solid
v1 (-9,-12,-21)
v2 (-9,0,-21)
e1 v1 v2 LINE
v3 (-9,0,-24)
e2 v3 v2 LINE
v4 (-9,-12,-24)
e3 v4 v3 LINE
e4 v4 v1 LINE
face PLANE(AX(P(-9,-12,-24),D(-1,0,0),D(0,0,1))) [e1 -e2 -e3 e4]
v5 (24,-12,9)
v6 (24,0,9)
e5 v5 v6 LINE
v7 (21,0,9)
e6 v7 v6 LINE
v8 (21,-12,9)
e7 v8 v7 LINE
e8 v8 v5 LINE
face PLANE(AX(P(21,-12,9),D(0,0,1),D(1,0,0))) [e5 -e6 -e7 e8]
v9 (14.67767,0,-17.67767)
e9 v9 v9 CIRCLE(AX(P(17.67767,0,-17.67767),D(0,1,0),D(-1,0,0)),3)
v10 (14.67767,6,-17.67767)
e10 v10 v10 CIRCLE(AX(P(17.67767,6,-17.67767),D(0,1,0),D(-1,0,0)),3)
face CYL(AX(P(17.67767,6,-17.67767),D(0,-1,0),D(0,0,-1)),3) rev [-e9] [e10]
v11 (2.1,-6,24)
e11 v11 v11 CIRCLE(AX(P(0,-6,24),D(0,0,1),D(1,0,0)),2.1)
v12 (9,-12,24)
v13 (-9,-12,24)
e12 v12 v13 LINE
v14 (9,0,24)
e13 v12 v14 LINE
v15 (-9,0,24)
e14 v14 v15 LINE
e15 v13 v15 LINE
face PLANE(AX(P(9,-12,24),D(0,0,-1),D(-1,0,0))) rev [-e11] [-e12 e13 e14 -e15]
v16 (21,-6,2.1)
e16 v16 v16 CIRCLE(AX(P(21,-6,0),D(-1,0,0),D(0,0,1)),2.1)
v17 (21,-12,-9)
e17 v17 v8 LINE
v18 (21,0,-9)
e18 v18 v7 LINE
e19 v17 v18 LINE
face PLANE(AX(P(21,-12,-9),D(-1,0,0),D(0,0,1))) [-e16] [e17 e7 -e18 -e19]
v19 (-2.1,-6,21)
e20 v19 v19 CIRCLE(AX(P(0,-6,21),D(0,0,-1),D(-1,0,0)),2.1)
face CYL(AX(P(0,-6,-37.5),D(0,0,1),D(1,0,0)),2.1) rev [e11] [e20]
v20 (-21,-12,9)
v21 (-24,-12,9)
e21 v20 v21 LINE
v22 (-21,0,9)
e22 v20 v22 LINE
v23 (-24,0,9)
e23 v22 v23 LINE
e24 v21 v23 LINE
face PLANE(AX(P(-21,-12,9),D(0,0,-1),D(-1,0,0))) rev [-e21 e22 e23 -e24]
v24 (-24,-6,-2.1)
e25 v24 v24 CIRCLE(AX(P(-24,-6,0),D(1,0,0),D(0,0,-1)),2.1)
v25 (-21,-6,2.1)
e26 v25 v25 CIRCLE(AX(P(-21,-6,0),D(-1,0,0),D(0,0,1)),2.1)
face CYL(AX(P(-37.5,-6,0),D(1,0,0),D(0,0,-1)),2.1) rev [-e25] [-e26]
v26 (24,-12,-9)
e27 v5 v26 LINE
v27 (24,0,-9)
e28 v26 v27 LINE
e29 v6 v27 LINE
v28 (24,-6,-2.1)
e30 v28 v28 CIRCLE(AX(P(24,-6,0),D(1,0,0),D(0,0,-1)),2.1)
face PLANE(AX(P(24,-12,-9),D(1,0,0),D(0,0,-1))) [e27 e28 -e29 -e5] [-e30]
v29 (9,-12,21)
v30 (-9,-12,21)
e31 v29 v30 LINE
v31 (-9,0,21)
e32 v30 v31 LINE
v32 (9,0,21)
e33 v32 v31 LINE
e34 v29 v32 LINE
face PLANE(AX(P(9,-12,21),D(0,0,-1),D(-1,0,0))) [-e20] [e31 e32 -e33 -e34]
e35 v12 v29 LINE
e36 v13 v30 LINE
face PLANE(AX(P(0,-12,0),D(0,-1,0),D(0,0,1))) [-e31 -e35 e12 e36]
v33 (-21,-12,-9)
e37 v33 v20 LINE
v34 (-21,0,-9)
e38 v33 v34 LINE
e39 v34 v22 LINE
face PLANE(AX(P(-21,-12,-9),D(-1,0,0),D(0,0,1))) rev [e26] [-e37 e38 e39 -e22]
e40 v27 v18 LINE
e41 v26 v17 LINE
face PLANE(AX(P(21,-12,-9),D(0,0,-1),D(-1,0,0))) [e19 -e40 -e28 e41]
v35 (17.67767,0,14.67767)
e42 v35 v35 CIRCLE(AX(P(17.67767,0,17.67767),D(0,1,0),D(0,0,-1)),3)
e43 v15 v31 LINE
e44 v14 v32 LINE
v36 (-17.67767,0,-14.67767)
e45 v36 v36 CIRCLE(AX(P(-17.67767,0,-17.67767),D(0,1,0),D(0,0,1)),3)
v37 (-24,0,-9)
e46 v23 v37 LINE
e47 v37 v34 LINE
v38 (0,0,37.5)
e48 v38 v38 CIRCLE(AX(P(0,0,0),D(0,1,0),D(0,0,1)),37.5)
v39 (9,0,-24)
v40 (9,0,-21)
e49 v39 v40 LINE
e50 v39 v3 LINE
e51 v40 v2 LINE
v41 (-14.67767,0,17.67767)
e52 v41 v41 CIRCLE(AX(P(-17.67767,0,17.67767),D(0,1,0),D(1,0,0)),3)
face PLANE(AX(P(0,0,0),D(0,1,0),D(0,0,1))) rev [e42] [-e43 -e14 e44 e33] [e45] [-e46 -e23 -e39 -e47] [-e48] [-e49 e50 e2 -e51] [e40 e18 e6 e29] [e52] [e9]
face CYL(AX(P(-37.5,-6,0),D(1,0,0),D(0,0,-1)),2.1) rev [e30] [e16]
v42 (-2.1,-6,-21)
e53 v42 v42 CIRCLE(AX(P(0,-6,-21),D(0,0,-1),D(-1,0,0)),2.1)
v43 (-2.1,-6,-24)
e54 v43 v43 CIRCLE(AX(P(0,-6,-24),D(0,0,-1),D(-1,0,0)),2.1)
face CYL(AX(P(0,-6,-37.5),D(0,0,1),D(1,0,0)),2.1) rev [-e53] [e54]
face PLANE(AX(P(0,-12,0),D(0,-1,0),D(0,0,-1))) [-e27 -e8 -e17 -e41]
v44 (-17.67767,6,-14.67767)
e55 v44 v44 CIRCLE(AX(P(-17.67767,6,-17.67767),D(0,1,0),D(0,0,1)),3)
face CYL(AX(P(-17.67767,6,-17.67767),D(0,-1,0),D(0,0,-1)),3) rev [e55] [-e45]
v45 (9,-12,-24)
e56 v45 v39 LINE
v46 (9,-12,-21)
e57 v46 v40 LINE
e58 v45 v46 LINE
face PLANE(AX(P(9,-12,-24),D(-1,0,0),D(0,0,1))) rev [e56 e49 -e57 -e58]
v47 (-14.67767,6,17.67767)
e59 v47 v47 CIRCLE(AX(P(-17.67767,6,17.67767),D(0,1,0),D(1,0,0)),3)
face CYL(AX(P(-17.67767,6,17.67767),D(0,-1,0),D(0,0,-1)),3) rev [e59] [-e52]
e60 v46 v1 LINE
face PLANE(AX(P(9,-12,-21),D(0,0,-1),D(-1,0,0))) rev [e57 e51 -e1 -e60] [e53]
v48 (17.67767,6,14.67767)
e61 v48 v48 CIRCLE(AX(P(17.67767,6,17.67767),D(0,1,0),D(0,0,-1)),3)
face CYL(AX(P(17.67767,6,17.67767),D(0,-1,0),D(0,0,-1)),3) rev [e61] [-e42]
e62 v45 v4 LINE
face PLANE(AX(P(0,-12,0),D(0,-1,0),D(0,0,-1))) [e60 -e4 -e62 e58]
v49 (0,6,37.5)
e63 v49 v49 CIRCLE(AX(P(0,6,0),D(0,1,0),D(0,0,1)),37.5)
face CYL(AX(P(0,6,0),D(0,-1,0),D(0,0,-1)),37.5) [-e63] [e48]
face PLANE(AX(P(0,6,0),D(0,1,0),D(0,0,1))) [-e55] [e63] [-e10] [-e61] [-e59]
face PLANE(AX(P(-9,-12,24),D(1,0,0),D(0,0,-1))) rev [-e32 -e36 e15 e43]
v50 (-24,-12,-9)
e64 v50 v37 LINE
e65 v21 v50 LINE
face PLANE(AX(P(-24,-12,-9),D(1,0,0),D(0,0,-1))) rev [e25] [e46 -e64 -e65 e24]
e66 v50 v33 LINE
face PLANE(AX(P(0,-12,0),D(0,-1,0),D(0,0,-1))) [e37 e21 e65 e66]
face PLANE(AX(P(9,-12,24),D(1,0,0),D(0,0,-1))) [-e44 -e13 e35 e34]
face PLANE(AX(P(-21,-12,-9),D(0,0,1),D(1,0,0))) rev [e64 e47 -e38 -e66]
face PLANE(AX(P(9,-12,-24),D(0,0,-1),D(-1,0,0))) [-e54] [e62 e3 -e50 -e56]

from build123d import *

# Parameters (mm, degrees)
SKETCH_1_R               = 37.5
EXTRUDE_1_DEPTH          = 6
SKETCH_4_R               = 3
CUT_EXTRUDE_2_DEPTH      = 54.371340624
PATTERN_CIRCULAR_1_COUNT = 4
SKETCH_5_W               = 18
SKETCH_5_H               = 3
EXTRUDE_2_DEPTH          = 12
SKETCH_5_3_W             = 18
SKETCH_5_3_H             = 3
SKETCH_5_3_W_2           = 3
SKETCH_5_3_H_2           = 18
EXTRUDE_3_DEPTH          = 12
SKETCH_6_R               = 2.1
CUT_EXTRUDE_3_DEPTH      = 74.023968668
SKETCH_7_R               = 2.1
CUT_EXTRUDE_4_DEPTH      = 74.023968668


with BuildPart() as part:
    # 草图1 → 凸台-拉伸1 (new body)
    with BuildSketch(Plane(origin=(0, 0, 0), x_dir=(1, 0, 0), z_dir=(0, 1, 0))):
        Circle(SKETCH_1_R)
    extrude(amount=EXTRUDE_1_DEPTH)

    # 草图4 → 切除-拉伸2 (cut, through all)
    with BuildSketch(Plane(origin=(0, 0, 0), x_dir=(1, 0, 0), z_dir=(0, 1, 0))):
        with Locations((-17.67766953, 17.67766953)):
            Circle(SKETCH_4_R)
    cut_extrude_2 = extrude(amount=CUT_EXTRUDE_2_DEPTH, mode=Mode.SUBTRACT)

    # 阵列(圆周)1: 切除-拉伸2 ×4 about axis
    pattern_circular_1_axis = Axis((0, 0, 0), (0, -1, 0))
    for i in range(1, PATTERN_CIRCULAR_1_COUNT):
        add(cut_extrude_2.rotate(pattern_circular_1_axis, i * 360 / PATTERN_CIRCULAR_1_COUNT), mode=Mode.SUBTRACT)

    # 草图5 → 凸台-拉伸2 (add)
    with BuildSketch(Plane(origin=(0, 0, 0), x_dir=(-1, 0, 0), z_dir=(0, -1, 0))):
        with Locations((0, 22.5)):
            Rectangle(SKETCH_5_W, SKETCH_5_H)
    extrude_2 = extrude(amount=EXTRUDE_2_DEPTH)

    # 草图5<3> → 凸台-拉伸3 (add)
    with BuildSketch(Plane(origin=(0, 0, 0), x_dir=(-1, 0, 0), z_dir=(0, -1, 0))):
        with Locations((0, 22.5)):
            Rectangle(SKETCH_5_3_W, SKETCH_5_3_H)
        with Locations((22.5, 0)):
            Rectangle(SKETCH_5_3_W_2, SKETCH_5_3_H_2)
    extrude_3 = extrude(amount=EXTRUDE_3_DEPTH)

    # 镜向3: 凸台-拉伸2 across plane
    add(extrude_2.mirror(Plane.XY))

    # 镜向4: 凸台-拉伸3 across plane
    add(extrude_3.mirror(Plane(origin=(0, 0, 0), x_dir=(0, 0, 1), z_dir=(1, 0, 0))))

    # 草图6 → 切除-拉伸3 (cut, through all)
    with BuildSketch(Plane.XY.offset(24)):
        with Locations((0, -6)):
            Circle(SKETCH_6_R)
    extrude(amount=-CUT_EXTRUDE_3_DEPTH, mode=Mode.SUBTRACT)

    # 草图7 → 切除-拉伸4 (cut, through all)
    with BuildSketch(Plane(origin=(24, 0, 0), x_dir=(0, 0, -1), z_dir=(1, 0, 0))):
        with Locations((0, -6)):
            Circle(SKETCH_7_R)
    extrude(amount=-CUT_EXTRUDE_4_DEPTH, mode=Mode.SUBTRACT)


solid = part.part
